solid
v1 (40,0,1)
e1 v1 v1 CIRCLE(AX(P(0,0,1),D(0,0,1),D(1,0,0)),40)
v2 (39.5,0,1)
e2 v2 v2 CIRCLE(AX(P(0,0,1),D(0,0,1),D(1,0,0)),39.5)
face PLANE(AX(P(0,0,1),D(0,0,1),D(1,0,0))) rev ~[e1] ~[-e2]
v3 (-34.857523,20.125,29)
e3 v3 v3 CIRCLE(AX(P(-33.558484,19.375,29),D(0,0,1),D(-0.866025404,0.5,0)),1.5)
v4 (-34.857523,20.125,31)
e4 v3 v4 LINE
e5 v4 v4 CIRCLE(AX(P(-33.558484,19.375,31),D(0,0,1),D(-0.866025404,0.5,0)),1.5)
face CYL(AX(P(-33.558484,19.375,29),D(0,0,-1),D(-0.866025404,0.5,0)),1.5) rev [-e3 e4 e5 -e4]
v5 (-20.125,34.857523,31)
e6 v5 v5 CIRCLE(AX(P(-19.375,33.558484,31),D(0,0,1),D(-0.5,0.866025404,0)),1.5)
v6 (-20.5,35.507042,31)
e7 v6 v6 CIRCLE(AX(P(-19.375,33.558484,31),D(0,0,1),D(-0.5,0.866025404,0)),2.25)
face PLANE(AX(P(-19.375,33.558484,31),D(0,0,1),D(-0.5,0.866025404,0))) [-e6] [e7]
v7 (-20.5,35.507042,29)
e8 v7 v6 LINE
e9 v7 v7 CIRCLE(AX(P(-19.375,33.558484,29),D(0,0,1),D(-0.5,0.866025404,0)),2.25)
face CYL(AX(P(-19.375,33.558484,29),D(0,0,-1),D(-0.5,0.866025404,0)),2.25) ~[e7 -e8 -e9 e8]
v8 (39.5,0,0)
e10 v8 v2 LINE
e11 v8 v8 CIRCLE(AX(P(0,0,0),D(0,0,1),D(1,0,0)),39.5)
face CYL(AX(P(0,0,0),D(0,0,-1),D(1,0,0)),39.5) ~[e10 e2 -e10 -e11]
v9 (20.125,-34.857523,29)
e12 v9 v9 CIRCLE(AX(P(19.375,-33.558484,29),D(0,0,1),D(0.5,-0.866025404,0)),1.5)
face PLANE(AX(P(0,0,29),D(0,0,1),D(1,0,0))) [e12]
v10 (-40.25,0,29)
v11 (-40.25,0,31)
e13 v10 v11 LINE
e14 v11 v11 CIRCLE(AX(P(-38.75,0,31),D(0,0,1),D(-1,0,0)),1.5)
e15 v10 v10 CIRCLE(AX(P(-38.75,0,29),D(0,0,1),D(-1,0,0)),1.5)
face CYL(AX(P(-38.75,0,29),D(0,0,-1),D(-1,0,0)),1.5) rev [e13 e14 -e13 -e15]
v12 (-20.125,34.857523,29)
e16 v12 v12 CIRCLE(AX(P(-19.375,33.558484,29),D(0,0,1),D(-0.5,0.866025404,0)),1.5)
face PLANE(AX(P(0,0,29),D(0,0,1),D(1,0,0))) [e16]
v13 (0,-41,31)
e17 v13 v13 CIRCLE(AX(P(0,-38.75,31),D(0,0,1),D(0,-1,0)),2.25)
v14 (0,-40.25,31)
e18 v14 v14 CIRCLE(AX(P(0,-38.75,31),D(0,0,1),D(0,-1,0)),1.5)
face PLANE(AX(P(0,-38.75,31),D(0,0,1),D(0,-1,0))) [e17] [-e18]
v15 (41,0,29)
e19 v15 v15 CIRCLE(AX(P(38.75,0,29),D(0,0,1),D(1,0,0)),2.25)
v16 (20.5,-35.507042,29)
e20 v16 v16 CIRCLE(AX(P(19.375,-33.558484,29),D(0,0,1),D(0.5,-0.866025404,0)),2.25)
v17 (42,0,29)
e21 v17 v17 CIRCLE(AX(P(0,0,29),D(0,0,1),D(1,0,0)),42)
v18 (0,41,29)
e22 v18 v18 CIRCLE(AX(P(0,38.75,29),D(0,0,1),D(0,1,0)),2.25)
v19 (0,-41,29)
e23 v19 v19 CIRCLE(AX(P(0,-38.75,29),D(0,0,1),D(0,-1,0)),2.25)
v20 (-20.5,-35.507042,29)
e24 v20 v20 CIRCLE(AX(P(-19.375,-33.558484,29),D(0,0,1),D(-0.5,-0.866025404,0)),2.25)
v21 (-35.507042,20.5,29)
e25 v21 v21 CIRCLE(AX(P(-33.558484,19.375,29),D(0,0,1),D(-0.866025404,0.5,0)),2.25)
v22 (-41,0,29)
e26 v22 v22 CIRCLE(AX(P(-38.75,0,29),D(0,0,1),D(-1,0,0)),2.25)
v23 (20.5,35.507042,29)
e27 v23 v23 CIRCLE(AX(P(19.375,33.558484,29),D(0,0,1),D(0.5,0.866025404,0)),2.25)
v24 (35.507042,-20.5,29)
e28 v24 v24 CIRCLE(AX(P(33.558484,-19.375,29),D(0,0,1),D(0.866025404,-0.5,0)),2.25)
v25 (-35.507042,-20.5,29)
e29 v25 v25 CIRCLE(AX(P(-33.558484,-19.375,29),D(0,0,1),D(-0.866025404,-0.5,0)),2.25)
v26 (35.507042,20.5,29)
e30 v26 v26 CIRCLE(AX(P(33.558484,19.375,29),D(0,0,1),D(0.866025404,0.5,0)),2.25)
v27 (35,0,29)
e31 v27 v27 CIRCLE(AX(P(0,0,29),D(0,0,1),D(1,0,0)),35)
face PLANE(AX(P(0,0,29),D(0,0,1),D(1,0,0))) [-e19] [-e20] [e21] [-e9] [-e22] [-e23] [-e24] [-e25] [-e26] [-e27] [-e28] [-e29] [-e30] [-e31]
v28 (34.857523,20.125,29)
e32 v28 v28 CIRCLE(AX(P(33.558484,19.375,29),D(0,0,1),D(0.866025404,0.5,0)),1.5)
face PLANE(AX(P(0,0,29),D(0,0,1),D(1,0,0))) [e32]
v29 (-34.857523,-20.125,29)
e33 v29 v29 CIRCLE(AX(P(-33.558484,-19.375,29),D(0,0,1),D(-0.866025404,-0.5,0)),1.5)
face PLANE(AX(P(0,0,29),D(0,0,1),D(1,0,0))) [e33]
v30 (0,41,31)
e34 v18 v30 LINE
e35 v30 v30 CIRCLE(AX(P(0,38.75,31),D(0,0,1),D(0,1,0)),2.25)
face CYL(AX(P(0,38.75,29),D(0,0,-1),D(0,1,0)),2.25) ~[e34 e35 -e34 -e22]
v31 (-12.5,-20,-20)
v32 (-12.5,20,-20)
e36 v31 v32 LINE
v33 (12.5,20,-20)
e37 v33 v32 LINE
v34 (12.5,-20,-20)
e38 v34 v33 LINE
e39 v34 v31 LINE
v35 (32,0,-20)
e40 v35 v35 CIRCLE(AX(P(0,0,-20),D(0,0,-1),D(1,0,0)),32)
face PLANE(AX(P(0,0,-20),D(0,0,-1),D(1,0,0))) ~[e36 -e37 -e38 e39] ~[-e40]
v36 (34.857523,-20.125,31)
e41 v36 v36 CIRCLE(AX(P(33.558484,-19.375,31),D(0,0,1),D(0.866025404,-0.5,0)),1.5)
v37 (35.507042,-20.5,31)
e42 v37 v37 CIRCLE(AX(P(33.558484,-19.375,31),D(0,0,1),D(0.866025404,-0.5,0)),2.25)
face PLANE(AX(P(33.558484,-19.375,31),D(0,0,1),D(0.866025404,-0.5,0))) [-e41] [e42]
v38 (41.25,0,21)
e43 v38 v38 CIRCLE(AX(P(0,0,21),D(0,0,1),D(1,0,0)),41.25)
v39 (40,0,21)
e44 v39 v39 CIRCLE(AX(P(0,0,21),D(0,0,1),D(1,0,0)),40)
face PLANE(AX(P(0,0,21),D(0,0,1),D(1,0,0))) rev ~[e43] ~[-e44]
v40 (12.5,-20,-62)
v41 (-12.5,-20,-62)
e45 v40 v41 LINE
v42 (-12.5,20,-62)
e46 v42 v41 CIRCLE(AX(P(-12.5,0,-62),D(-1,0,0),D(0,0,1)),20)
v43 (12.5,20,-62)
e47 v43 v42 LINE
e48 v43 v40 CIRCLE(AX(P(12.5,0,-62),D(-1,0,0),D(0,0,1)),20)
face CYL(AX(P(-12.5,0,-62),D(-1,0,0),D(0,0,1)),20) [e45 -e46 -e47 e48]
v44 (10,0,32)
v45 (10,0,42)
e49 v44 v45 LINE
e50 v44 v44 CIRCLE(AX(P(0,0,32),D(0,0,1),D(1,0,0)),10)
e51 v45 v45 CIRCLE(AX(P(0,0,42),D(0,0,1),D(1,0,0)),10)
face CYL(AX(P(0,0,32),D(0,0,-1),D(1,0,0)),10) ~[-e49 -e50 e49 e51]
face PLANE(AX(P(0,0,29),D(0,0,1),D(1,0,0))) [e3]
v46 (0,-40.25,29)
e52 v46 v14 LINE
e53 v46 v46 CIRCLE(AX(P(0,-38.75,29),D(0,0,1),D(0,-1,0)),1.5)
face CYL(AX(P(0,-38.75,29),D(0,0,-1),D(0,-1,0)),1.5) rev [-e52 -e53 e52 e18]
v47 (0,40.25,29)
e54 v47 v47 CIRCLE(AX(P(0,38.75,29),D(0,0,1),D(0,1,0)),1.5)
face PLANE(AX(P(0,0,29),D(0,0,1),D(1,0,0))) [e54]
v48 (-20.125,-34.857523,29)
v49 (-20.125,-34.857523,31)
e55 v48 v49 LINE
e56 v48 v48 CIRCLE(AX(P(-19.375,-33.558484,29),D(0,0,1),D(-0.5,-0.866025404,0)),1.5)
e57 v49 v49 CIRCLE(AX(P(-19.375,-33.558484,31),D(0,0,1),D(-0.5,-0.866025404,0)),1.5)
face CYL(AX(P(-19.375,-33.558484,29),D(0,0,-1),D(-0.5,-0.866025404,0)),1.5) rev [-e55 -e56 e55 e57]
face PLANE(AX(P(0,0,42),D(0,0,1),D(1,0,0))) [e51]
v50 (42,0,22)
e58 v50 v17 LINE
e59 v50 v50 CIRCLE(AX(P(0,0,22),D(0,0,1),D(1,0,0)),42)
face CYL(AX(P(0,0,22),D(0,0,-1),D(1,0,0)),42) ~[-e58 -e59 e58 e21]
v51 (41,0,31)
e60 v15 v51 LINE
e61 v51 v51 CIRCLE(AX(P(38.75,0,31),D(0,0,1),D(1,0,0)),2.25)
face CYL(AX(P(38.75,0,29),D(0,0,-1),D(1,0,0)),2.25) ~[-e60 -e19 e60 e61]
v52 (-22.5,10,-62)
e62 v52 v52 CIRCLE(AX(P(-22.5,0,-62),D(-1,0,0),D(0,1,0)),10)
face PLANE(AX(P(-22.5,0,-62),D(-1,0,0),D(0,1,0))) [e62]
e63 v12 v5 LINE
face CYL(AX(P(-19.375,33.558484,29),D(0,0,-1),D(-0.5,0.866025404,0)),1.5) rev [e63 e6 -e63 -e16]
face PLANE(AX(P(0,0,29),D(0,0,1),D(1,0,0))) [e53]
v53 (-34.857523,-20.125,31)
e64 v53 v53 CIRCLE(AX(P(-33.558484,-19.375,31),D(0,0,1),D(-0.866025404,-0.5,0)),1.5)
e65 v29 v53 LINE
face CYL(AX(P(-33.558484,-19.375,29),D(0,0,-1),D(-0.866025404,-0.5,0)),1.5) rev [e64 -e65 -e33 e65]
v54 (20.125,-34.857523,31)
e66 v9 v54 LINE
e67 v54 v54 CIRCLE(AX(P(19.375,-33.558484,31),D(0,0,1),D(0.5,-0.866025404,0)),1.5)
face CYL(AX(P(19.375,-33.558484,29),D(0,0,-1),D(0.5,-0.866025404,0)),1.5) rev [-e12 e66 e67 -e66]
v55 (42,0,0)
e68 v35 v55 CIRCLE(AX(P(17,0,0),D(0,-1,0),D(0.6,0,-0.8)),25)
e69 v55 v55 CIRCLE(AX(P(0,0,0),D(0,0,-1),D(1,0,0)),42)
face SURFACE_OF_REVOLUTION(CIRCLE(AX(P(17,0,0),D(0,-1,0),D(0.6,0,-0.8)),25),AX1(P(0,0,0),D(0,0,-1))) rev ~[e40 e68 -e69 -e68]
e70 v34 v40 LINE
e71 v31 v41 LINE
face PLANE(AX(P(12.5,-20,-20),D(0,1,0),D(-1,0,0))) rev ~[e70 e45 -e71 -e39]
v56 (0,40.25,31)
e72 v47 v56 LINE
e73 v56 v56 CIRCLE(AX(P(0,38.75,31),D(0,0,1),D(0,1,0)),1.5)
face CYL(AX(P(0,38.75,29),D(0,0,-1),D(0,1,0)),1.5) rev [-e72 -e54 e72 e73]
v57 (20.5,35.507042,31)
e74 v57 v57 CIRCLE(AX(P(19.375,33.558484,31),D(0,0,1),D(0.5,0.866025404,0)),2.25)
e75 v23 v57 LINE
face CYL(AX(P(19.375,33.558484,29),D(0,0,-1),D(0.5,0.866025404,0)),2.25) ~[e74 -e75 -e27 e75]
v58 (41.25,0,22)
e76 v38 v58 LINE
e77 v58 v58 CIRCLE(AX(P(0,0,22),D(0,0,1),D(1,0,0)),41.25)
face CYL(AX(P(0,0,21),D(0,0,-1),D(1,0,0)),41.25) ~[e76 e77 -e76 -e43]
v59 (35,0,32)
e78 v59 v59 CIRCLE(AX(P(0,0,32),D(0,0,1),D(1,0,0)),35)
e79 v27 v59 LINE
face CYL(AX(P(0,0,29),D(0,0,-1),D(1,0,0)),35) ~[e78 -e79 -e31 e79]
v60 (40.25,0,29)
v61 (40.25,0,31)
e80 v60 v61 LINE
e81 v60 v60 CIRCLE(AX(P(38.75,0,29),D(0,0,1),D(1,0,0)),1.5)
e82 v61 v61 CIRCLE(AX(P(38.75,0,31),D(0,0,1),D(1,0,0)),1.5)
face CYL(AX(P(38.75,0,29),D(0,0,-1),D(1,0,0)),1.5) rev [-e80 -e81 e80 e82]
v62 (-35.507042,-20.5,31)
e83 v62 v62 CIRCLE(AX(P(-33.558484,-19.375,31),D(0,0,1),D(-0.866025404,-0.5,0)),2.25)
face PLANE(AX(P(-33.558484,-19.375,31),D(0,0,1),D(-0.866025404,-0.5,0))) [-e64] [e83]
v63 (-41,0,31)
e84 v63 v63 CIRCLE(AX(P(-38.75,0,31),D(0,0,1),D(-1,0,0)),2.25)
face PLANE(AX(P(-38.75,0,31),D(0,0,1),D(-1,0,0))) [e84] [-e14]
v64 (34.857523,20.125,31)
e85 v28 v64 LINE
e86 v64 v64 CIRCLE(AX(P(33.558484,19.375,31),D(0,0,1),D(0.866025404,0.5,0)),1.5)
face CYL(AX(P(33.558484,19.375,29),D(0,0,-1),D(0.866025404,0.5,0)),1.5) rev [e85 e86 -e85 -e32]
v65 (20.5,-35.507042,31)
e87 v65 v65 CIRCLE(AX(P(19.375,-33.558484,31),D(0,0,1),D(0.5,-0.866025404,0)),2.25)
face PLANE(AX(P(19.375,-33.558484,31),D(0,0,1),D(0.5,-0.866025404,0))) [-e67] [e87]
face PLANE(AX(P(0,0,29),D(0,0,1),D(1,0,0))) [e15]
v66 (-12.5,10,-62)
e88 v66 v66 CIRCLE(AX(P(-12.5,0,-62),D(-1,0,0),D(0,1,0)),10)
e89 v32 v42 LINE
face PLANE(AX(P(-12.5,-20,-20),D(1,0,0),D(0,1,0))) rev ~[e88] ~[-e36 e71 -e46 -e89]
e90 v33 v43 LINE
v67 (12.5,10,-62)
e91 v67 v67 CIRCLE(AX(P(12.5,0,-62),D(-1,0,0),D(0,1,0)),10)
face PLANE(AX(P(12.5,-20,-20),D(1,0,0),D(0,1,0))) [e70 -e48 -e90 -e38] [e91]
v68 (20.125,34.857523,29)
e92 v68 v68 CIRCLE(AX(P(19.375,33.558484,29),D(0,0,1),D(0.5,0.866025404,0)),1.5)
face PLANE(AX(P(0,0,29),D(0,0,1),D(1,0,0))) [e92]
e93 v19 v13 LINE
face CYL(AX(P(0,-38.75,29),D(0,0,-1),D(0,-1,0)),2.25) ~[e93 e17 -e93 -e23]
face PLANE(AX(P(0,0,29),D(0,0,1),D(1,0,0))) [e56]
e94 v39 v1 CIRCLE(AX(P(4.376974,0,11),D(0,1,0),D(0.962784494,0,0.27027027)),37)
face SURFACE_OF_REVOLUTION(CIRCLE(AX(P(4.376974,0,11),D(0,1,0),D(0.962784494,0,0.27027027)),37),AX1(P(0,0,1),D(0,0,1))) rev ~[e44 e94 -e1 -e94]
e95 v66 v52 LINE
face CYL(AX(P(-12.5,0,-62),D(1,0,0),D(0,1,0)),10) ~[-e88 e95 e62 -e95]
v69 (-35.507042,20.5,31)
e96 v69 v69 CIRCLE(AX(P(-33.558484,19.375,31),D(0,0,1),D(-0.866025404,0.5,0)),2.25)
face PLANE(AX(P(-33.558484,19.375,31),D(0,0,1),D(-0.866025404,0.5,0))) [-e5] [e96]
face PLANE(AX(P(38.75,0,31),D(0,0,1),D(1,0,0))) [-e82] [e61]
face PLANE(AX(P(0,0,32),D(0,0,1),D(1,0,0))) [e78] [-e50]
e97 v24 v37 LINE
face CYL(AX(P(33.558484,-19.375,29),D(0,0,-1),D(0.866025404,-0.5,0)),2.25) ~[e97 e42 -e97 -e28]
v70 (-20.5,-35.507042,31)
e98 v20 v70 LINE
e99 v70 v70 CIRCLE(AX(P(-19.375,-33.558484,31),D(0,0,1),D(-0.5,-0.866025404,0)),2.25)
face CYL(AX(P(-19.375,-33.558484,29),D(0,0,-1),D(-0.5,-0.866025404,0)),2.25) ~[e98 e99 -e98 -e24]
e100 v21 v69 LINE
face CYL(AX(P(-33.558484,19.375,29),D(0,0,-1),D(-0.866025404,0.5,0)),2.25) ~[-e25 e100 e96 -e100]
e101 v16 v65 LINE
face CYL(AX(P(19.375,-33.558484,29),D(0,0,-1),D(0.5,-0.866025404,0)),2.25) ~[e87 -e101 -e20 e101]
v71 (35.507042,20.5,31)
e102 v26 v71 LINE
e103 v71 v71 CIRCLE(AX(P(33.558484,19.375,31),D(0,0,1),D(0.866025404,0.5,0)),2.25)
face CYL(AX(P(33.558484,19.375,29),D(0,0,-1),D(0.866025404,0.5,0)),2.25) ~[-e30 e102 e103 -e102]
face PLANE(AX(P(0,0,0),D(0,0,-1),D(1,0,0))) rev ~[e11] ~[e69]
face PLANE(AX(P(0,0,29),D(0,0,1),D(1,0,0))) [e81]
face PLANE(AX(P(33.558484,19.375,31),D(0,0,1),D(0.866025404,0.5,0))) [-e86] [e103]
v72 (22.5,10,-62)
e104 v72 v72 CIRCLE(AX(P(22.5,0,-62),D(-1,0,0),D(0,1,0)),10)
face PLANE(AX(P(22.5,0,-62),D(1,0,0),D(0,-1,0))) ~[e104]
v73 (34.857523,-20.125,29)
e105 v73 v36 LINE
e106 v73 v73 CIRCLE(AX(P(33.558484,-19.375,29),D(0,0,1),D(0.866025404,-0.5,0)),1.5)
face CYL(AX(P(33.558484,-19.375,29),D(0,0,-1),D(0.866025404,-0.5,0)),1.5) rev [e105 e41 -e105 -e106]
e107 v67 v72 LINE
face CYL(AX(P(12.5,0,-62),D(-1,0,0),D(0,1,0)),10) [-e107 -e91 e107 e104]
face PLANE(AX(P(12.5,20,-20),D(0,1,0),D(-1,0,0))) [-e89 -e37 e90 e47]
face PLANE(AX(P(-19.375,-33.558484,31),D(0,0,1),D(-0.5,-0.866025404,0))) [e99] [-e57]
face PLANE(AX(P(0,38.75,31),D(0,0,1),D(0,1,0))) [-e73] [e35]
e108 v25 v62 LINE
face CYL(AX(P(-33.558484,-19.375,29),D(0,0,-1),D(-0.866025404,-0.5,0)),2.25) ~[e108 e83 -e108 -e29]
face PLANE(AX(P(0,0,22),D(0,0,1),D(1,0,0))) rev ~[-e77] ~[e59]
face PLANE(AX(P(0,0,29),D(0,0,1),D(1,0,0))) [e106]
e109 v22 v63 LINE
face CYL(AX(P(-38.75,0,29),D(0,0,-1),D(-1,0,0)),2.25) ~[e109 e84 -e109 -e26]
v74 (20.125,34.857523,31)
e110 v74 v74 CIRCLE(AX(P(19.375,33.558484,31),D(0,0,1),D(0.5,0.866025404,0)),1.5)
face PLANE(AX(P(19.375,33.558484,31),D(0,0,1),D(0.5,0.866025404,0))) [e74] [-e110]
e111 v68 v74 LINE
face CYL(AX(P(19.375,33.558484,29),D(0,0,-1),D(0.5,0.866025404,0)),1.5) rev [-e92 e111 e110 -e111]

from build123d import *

# Parameters (mm, degrees)
SKETCH2_R           = 39.5
BOSS_EXTRUDE1_DEPTH = 1
SKETCH4_R           = 41.25
BOSS_EXTRUDE2_DEPTH = 1
SKETCH5_R           = 42
BOSS_EXTRUDE3_DEPTH = 7
SKETCH6_R           = 35
BOSS_EXTRUDE4_DEPTH = 3
SKETCH7_R           = 2.25
SKETCH7_R_2         = 1.5
BOSS_EXTRUDE5_DEPTH = 2
CIRPATTERN1_COUNT   = 12
SKETCH8_W           = 25
SKETCH8_H           = 40
BOSS_EXTRUDE6_DEPTH = 42
SKETCH9_R           = 20
BOSS_EXTRUDE7_DEPTH = 25
SKETCH10_R          = 10
BOSS_EXTRUDE8_DEPTH = 10
SKETCH11_R          = 10
BOSS_EXTRUDE9_DEPTH = 10


with BuildPart() as part:
    # Sketch1 → Revolve1 (revolve)
    with BuildSketch(Plane(origin=(0, 0, 0), x_dir=(1, 0, 0), z_dir=(0, 1, 0)), mode=Mode.PRIVATE) as revolve1_sk:
        with BuildLine():
            Line((-42, 0), (0, 0))
            Line((0, 0), (0, 20))
            Line((0, 20), (-32, 20))
            ThreePointArc((-32, 20), (-39.360679775, 11.180339887), (-42, 0))
        make_face()
    revolve(revolve1_sk.sketch.rotate(Axis((0, 0, 0), (0, 0, -1)), 180), axis=Axis((0, 0, 0), (0, 0, -1)))

    # Sketch2 → Boss-Extrude1 (add)
    with BuildSketch(Plane.XY):
        Circle(SKETCH2_R)
    extrude(amount=BOSS_EXTRUDE1_DEPTH)

    # Sketch3 → Revolve2 (revolve)
    with BuildSketch(Plane(origin=(0, 0, 0), x_dir=(1, 0, 0), z_dir=(0, 1, 0)), mode=Mode.PRIVATE) as revolve2_sk:
        with BuildLine():
            Line((0, -1), (0, -21))
            Line((0, -21), (-40, -21))
            ThreePointArc((-40, -21), (-41.376973739, -11), (-40, -1))
            Line((-40, -1), (0, -1))
        make_face()
    revolve(revolve2_sk.sketch.rotate(Axis((0, 0, 1), (0, 0, 1)), 180), axis=Axis((0, 0, 1), (0, 0, 1)))

    # Sketch4 → Boss-Extrude2 (add)
    with BuildSketch(Plane.XY.offset(21)):
        Circle(SKETCH4_R)
    extrude(amount=BOSS_EXTRUDE2_DEPTH)

    # Sketch5 → Boss-Extrude3 (add)
    with BuildSketch(Plane.XY.offset(22)):
        Circle(SKETCH5_R)
    extrude(amount=BOSS_EXTRUDE3_DEPTH)

    # Sketch6 → Boss-Extrude4 (add)
    with BuildSketch(Plane.XY.offset(29)):
        Circle(SKETCH6_R)
    extrude(amount=BOSS_EXTRUDE4_DEPTH)

    # Sketch7 → Boss-Extrude5 (add)
    with BuildSketch(Plane.XY.offset(29)):
        with Locations((38.75, 0)):
            Circle(SKETCH7_R)
        with Locations((38.75, 0)):
            Circle(SKETCH7_R_2, mode=Mode.SUBTRACT)
    boss_extrude5 = extrude(amount=BOSS_EXTRUDE5_DEPTH)

    # CirPattern1: Boss-Extrude5 ×12 about axis
    cirpattern1_axis = Axis((0, 0, 0), (0, 0, 1))
    for i in range(1, CIRPATTERN1_COUNT):
        add(boss_extrude5.rotate(cirpattern1_axis, i * 360 / CIRPATTERN1_COUNT))

    # Sketch8 → Boss-Extrude6 (add)
    with BuildSketch(Plane(origin=(0, 0, -20), x_dir=(-1, 0, 0), z_dir=(0, 0, -1))):
        Rectangle(SKETCH8_W, SKETCH8_H)
    extrude(amount=BOSS_EXTRUDE6_DEPTH)

    # Sketch9 → Boss-Extrude7 (add)
    with BuildSketch(Plane.ZY.offset(12.5)):
        with Locations((-62, 0)):
            Circle(SKETCH9_R)
    extrude(amount=-BOSS_EXTRUDE7_DEPTH)

    # Sketch10 → Boss-Extrude8 (add)
    with BuildSketch(Plane.ZY.offset(12.5)):
        with Locations(Location((-62, 0, 0), (0, 0, 90))):
            Circle(SKETCH10_R)
    boss_extrude8 = extrude(amount=BOSS_EXTRUDE8_DEPTH)

    # Mirror1: Boss-Extrude8 across plane
    add(boss_extrude8.mirror(Plane(origin=(0, 0, 0), x_dir=(0, 0, 1), z_dir=(1, 0, 0))))

    # Sketch11 → Boss-Extrude9 (add)
    with BuildSketch(Plane.XY.offset(32)):
        Circle(SKETCH11_R)
    extrude(amount=BOSS_EXTRUDE9_DEPTH)


solid = part.part
